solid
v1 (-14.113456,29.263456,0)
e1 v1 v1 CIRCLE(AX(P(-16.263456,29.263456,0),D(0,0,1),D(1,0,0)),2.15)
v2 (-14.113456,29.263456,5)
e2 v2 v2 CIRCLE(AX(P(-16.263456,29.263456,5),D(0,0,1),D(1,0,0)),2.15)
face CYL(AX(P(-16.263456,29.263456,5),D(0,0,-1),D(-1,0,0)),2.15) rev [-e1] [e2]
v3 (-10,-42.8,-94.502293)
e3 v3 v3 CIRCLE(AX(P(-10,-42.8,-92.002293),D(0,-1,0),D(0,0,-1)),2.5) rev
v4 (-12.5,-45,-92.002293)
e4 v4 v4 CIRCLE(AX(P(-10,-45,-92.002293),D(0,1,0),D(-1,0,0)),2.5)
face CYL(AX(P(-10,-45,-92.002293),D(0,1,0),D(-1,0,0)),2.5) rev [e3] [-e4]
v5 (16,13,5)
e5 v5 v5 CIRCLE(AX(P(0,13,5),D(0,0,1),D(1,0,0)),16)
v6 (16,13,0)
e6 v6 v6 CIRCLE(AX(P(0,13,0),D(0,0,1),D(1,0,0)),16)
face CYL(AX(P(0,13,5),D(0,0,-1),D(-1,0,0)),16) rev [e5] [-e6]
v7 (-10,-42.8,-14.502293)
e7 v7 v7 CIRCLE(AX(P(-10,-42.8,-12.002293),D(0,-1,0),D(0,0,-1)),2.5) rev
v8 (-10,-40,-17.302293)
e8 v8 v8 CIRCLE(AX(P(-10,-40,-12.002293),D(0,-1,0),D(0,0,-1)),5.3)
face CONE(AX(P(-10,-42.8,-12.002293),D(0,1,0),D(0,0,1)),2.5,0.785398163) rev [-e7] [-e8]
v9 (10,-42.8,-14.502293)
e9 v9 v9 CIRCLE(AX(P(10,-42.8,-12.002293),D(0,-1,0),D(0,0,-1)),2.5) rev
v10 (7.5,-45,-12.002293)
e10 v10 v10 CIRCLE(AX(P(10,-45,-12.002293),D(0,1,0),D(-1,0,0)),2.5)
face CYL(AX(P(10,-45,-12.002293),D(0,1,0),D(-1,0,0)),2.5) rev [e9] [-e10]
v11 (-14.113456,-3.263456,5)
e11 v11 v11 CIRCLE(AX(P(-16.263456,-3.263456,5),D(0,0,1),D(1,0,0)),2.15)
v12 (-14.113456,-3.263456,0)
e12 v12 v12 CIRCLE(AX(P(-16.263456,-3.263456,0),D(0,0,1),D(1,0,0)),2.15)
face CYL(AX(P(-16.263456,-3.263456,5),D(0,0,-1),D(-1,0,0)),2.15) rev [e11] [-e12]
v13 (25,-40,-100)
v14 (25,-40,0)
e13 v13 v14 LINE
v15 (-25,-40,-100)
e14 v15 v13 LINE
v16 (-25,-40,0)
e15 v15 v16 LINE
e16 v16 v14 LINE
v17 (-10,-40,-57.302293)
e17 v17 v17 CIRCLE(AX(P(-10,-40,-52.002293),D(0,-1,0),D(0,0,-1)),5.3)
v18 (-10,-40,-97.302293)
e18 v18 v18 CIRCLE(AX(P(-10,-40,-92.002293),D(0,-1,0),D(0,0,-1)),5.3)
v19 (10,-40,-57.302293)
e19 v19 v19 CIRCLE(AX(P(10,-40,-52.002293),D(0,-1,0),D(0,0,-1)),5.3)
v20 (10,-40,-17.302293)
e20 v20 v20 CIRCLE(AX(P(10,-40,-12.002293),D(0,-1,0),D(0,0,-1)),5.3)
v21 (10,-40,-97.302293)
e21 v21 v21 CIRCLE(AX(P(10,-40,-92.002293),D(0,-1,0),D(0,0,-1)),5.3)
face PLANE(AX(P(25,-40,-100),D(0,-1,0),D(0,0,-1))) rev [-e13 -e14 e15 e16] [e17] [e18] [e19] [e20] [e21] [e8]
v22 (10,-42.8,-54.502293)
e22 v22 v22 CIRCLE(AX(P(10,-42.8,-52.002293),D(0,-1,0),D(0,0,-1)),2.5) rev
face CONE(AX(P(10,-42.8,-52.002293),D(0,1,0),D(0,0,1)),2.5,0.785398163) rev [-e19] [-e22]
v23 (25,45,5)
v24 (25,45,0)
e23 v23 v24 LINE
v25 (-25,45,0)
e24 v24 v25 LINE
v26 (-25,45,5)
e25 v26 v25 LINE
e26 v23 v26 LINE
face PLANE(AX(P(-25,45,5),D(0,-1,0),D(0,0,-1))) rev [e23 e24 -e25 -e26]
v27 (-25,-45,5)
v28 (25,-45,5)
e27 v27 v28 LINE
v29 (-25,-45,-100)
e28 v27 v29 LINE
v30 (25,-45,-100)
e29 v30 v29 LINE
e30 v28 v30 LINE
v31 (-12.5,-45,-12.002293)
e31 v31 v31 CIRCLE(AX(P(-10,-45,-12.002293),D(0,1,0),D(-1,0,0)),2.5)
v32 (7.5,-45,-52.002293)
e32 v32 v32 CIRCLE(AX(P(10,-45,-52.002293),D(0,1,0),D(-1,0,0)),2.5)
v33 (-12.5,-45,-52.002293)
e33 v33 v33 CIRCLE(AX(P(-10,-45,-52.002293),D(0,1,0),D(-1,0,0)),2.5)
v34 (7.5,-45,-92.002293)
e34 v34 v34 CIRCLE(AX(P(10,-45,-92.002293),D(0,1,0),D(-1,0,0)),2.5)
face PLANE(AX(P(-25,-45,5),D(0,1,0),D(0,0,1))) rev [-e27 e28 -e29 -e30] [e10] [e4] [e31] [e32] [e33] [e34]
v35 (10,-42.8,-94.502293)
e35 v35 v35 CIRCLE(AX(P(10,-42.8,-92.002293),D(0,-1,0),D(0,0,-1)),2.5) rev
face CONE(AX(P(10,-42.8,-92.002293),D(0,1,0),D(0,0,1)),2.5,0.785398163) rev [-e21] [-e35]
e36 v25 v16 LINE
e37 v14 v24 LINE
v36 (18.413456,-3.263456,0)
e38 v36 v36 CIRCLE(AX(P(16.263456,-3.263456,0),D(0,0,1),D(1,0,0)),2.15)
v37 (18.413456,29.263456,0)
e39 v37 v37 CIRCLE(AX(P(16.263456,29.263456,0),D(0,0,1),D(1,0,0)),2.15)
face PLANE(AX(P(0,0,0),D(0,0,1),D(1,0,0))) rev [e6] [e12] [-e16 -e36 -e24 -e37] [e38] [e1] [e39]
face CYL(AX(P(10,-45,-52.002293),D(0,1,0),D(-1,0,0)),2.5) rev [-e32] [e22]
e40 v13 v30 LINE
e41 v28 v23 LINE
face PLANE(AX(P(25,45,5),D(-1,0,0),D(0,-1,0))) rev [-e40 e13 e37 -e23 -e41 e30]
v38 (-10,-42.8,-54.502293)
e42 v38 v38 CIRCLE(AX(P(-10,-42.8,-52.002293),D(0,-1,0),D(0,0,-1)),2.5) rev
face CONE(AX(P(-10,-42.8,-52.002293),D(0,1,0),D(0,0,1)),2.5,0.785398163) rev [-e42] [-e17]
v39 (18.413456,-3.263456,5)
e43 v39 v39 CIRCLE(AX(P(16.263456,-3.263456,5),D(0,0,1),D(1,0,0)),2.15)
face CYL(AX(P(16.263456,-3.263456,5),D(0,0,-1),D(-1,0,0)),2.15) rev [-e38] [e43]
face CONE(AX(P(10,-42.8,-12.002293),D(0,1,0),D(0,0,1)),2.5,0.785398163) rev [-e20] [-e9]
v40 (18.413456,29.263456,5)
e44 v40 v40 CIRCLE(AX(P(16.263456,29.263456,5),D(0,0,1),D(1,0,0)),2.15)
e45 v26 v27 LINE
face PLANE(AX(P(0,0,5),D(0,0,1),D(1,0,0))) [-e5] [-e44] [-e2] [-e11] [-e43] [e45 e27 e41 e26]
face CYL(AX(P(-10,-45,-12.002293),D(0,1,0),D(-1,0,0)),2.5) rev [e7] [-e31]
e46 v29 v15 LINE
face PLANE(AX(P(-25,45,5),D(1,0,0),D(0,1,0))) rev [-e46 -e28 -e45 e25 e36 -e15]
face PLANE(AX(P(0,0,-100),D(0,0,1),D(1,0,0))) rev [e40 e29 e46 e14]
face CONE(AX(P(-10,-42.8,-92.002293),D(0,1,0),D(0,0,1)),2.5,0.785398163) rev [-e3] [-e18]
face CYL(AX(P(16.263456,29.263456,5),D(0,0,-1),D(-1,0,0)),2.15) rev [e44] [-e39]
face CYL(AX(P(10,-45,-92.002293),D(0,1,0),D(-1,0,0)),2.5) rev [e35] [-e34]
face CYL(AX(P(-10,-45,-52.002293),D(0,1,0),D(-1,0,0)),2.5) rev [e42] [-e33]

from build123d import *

# Parameters (mm, degrees)
SKETCH2_W           = 50
SKETCH2_H           = 90
SKETCH2_R           = 16
SKETCH2_R_2         = 2.15
BOSS_EXTRUDE1_DEPTH = 5
SKETCH3_W           = 50
SKETCH3_H           = 5
BOSS_EXTRUDE2_DEPTH = 100
SKETCH4_R           = 2.5
CUT_EXTRUDE1_DEPTH  = 134.603892159
CHAMFER1_SIZE       = 2.8


with BuildPart() as part:
    # Sketch2 → Boss-Extrude1 (new body)
    with BuildSketch(Plane.XY):
        Rectangle(SKETCH2_W, SKETCH2_H)
        with Locations((0, 13)):
            Circle(SKETCH2_R, mode=Mode.SUBTRACT)
        with Locations((-16.263455967, 29.263455967)):
            Circle(SKETCH2_R_2, mode=Mode.SUBTRACT)
        with Locations((16.263455967, 29.263455967)):
            Circle(SKETCH2_R_2, mode=Mode.SUBTRACT)
        with Locations((16.263455967, -3.263455967)):
            Circle(SKETCH2_R_2, mode=Mode.SUBTRACT)
        with Locations((-16.263455967, -3.263455967)):
            Circle(SKETCH2_R_2, mode=Mode.SUBTRACT)
    extrude(amount=BOSS_EXTRUDE1_DEPTH)

    # Sketch3 → Boss-Extrude2 (add)
    with BuildSketch(Plane(origin=(0, 0, 0), x_dir=(-1, 0, 0), z_dir=(0, 0, -1))):
        with Locations((0, -42.5)):
            Rectangle(SKETCH3_W, SKETCH3_H)
    extrude(amount=BOSS_EXTRUDE2_DEPTH)

    # Sketch4 → Cut-Extrude1 (cut, through all)
    with BuildSketch(Plane(origin=(0, -40, 0), x_dir=(1, 0, 0), z_dir=(0, 1, 0))):
        with Locations(Location((-10, 92.002293004, 0), (0, 0, 180))):
            Circle(SKETCH4_R)
        with Locations(Location((10, 92.002293004, 0), (0, 0, 180))):
            Circle(SKETCH4_R)
        with Locations(Location((-10, 12.002293004, 0), (0, 0, 180))):
            Circle(SKETCH4_R)
        with Locations(Location((10, 12.002293004, 0), (0, 0, 180))):
            Circle(SKETCH4_R)
        with Locations(Location((-10, 52.002293004, 0), (0, 0, 180))):
            Circle(SKETCH4_R)
        with Locations(Location((10, 52.002293004, 0), (0, 0, 180))):
            Circle(SKETCH4_R)
    extrude(amount=-CUT_EXTRUDE1_DEPTH, mode=Mode.SUBTRACT)

    # Chamfer1
    chamfer1_edges = [part.edges().sort_by_distance(p)[0] for p in [
        (-7.5, -40, -92.002293004),
        (12.5, -40, -92.002293004),
        (-7.5, -40, -12.002293004),
        (12.5, -40, -12.002293004),
        (-7.5, -40, -52.002293004),
        (12.5, -40, -52.002293004),
    ]]
    chamfer(chamfer1_edges, length=CHAMFER1_SIZE)


solid = part.part
